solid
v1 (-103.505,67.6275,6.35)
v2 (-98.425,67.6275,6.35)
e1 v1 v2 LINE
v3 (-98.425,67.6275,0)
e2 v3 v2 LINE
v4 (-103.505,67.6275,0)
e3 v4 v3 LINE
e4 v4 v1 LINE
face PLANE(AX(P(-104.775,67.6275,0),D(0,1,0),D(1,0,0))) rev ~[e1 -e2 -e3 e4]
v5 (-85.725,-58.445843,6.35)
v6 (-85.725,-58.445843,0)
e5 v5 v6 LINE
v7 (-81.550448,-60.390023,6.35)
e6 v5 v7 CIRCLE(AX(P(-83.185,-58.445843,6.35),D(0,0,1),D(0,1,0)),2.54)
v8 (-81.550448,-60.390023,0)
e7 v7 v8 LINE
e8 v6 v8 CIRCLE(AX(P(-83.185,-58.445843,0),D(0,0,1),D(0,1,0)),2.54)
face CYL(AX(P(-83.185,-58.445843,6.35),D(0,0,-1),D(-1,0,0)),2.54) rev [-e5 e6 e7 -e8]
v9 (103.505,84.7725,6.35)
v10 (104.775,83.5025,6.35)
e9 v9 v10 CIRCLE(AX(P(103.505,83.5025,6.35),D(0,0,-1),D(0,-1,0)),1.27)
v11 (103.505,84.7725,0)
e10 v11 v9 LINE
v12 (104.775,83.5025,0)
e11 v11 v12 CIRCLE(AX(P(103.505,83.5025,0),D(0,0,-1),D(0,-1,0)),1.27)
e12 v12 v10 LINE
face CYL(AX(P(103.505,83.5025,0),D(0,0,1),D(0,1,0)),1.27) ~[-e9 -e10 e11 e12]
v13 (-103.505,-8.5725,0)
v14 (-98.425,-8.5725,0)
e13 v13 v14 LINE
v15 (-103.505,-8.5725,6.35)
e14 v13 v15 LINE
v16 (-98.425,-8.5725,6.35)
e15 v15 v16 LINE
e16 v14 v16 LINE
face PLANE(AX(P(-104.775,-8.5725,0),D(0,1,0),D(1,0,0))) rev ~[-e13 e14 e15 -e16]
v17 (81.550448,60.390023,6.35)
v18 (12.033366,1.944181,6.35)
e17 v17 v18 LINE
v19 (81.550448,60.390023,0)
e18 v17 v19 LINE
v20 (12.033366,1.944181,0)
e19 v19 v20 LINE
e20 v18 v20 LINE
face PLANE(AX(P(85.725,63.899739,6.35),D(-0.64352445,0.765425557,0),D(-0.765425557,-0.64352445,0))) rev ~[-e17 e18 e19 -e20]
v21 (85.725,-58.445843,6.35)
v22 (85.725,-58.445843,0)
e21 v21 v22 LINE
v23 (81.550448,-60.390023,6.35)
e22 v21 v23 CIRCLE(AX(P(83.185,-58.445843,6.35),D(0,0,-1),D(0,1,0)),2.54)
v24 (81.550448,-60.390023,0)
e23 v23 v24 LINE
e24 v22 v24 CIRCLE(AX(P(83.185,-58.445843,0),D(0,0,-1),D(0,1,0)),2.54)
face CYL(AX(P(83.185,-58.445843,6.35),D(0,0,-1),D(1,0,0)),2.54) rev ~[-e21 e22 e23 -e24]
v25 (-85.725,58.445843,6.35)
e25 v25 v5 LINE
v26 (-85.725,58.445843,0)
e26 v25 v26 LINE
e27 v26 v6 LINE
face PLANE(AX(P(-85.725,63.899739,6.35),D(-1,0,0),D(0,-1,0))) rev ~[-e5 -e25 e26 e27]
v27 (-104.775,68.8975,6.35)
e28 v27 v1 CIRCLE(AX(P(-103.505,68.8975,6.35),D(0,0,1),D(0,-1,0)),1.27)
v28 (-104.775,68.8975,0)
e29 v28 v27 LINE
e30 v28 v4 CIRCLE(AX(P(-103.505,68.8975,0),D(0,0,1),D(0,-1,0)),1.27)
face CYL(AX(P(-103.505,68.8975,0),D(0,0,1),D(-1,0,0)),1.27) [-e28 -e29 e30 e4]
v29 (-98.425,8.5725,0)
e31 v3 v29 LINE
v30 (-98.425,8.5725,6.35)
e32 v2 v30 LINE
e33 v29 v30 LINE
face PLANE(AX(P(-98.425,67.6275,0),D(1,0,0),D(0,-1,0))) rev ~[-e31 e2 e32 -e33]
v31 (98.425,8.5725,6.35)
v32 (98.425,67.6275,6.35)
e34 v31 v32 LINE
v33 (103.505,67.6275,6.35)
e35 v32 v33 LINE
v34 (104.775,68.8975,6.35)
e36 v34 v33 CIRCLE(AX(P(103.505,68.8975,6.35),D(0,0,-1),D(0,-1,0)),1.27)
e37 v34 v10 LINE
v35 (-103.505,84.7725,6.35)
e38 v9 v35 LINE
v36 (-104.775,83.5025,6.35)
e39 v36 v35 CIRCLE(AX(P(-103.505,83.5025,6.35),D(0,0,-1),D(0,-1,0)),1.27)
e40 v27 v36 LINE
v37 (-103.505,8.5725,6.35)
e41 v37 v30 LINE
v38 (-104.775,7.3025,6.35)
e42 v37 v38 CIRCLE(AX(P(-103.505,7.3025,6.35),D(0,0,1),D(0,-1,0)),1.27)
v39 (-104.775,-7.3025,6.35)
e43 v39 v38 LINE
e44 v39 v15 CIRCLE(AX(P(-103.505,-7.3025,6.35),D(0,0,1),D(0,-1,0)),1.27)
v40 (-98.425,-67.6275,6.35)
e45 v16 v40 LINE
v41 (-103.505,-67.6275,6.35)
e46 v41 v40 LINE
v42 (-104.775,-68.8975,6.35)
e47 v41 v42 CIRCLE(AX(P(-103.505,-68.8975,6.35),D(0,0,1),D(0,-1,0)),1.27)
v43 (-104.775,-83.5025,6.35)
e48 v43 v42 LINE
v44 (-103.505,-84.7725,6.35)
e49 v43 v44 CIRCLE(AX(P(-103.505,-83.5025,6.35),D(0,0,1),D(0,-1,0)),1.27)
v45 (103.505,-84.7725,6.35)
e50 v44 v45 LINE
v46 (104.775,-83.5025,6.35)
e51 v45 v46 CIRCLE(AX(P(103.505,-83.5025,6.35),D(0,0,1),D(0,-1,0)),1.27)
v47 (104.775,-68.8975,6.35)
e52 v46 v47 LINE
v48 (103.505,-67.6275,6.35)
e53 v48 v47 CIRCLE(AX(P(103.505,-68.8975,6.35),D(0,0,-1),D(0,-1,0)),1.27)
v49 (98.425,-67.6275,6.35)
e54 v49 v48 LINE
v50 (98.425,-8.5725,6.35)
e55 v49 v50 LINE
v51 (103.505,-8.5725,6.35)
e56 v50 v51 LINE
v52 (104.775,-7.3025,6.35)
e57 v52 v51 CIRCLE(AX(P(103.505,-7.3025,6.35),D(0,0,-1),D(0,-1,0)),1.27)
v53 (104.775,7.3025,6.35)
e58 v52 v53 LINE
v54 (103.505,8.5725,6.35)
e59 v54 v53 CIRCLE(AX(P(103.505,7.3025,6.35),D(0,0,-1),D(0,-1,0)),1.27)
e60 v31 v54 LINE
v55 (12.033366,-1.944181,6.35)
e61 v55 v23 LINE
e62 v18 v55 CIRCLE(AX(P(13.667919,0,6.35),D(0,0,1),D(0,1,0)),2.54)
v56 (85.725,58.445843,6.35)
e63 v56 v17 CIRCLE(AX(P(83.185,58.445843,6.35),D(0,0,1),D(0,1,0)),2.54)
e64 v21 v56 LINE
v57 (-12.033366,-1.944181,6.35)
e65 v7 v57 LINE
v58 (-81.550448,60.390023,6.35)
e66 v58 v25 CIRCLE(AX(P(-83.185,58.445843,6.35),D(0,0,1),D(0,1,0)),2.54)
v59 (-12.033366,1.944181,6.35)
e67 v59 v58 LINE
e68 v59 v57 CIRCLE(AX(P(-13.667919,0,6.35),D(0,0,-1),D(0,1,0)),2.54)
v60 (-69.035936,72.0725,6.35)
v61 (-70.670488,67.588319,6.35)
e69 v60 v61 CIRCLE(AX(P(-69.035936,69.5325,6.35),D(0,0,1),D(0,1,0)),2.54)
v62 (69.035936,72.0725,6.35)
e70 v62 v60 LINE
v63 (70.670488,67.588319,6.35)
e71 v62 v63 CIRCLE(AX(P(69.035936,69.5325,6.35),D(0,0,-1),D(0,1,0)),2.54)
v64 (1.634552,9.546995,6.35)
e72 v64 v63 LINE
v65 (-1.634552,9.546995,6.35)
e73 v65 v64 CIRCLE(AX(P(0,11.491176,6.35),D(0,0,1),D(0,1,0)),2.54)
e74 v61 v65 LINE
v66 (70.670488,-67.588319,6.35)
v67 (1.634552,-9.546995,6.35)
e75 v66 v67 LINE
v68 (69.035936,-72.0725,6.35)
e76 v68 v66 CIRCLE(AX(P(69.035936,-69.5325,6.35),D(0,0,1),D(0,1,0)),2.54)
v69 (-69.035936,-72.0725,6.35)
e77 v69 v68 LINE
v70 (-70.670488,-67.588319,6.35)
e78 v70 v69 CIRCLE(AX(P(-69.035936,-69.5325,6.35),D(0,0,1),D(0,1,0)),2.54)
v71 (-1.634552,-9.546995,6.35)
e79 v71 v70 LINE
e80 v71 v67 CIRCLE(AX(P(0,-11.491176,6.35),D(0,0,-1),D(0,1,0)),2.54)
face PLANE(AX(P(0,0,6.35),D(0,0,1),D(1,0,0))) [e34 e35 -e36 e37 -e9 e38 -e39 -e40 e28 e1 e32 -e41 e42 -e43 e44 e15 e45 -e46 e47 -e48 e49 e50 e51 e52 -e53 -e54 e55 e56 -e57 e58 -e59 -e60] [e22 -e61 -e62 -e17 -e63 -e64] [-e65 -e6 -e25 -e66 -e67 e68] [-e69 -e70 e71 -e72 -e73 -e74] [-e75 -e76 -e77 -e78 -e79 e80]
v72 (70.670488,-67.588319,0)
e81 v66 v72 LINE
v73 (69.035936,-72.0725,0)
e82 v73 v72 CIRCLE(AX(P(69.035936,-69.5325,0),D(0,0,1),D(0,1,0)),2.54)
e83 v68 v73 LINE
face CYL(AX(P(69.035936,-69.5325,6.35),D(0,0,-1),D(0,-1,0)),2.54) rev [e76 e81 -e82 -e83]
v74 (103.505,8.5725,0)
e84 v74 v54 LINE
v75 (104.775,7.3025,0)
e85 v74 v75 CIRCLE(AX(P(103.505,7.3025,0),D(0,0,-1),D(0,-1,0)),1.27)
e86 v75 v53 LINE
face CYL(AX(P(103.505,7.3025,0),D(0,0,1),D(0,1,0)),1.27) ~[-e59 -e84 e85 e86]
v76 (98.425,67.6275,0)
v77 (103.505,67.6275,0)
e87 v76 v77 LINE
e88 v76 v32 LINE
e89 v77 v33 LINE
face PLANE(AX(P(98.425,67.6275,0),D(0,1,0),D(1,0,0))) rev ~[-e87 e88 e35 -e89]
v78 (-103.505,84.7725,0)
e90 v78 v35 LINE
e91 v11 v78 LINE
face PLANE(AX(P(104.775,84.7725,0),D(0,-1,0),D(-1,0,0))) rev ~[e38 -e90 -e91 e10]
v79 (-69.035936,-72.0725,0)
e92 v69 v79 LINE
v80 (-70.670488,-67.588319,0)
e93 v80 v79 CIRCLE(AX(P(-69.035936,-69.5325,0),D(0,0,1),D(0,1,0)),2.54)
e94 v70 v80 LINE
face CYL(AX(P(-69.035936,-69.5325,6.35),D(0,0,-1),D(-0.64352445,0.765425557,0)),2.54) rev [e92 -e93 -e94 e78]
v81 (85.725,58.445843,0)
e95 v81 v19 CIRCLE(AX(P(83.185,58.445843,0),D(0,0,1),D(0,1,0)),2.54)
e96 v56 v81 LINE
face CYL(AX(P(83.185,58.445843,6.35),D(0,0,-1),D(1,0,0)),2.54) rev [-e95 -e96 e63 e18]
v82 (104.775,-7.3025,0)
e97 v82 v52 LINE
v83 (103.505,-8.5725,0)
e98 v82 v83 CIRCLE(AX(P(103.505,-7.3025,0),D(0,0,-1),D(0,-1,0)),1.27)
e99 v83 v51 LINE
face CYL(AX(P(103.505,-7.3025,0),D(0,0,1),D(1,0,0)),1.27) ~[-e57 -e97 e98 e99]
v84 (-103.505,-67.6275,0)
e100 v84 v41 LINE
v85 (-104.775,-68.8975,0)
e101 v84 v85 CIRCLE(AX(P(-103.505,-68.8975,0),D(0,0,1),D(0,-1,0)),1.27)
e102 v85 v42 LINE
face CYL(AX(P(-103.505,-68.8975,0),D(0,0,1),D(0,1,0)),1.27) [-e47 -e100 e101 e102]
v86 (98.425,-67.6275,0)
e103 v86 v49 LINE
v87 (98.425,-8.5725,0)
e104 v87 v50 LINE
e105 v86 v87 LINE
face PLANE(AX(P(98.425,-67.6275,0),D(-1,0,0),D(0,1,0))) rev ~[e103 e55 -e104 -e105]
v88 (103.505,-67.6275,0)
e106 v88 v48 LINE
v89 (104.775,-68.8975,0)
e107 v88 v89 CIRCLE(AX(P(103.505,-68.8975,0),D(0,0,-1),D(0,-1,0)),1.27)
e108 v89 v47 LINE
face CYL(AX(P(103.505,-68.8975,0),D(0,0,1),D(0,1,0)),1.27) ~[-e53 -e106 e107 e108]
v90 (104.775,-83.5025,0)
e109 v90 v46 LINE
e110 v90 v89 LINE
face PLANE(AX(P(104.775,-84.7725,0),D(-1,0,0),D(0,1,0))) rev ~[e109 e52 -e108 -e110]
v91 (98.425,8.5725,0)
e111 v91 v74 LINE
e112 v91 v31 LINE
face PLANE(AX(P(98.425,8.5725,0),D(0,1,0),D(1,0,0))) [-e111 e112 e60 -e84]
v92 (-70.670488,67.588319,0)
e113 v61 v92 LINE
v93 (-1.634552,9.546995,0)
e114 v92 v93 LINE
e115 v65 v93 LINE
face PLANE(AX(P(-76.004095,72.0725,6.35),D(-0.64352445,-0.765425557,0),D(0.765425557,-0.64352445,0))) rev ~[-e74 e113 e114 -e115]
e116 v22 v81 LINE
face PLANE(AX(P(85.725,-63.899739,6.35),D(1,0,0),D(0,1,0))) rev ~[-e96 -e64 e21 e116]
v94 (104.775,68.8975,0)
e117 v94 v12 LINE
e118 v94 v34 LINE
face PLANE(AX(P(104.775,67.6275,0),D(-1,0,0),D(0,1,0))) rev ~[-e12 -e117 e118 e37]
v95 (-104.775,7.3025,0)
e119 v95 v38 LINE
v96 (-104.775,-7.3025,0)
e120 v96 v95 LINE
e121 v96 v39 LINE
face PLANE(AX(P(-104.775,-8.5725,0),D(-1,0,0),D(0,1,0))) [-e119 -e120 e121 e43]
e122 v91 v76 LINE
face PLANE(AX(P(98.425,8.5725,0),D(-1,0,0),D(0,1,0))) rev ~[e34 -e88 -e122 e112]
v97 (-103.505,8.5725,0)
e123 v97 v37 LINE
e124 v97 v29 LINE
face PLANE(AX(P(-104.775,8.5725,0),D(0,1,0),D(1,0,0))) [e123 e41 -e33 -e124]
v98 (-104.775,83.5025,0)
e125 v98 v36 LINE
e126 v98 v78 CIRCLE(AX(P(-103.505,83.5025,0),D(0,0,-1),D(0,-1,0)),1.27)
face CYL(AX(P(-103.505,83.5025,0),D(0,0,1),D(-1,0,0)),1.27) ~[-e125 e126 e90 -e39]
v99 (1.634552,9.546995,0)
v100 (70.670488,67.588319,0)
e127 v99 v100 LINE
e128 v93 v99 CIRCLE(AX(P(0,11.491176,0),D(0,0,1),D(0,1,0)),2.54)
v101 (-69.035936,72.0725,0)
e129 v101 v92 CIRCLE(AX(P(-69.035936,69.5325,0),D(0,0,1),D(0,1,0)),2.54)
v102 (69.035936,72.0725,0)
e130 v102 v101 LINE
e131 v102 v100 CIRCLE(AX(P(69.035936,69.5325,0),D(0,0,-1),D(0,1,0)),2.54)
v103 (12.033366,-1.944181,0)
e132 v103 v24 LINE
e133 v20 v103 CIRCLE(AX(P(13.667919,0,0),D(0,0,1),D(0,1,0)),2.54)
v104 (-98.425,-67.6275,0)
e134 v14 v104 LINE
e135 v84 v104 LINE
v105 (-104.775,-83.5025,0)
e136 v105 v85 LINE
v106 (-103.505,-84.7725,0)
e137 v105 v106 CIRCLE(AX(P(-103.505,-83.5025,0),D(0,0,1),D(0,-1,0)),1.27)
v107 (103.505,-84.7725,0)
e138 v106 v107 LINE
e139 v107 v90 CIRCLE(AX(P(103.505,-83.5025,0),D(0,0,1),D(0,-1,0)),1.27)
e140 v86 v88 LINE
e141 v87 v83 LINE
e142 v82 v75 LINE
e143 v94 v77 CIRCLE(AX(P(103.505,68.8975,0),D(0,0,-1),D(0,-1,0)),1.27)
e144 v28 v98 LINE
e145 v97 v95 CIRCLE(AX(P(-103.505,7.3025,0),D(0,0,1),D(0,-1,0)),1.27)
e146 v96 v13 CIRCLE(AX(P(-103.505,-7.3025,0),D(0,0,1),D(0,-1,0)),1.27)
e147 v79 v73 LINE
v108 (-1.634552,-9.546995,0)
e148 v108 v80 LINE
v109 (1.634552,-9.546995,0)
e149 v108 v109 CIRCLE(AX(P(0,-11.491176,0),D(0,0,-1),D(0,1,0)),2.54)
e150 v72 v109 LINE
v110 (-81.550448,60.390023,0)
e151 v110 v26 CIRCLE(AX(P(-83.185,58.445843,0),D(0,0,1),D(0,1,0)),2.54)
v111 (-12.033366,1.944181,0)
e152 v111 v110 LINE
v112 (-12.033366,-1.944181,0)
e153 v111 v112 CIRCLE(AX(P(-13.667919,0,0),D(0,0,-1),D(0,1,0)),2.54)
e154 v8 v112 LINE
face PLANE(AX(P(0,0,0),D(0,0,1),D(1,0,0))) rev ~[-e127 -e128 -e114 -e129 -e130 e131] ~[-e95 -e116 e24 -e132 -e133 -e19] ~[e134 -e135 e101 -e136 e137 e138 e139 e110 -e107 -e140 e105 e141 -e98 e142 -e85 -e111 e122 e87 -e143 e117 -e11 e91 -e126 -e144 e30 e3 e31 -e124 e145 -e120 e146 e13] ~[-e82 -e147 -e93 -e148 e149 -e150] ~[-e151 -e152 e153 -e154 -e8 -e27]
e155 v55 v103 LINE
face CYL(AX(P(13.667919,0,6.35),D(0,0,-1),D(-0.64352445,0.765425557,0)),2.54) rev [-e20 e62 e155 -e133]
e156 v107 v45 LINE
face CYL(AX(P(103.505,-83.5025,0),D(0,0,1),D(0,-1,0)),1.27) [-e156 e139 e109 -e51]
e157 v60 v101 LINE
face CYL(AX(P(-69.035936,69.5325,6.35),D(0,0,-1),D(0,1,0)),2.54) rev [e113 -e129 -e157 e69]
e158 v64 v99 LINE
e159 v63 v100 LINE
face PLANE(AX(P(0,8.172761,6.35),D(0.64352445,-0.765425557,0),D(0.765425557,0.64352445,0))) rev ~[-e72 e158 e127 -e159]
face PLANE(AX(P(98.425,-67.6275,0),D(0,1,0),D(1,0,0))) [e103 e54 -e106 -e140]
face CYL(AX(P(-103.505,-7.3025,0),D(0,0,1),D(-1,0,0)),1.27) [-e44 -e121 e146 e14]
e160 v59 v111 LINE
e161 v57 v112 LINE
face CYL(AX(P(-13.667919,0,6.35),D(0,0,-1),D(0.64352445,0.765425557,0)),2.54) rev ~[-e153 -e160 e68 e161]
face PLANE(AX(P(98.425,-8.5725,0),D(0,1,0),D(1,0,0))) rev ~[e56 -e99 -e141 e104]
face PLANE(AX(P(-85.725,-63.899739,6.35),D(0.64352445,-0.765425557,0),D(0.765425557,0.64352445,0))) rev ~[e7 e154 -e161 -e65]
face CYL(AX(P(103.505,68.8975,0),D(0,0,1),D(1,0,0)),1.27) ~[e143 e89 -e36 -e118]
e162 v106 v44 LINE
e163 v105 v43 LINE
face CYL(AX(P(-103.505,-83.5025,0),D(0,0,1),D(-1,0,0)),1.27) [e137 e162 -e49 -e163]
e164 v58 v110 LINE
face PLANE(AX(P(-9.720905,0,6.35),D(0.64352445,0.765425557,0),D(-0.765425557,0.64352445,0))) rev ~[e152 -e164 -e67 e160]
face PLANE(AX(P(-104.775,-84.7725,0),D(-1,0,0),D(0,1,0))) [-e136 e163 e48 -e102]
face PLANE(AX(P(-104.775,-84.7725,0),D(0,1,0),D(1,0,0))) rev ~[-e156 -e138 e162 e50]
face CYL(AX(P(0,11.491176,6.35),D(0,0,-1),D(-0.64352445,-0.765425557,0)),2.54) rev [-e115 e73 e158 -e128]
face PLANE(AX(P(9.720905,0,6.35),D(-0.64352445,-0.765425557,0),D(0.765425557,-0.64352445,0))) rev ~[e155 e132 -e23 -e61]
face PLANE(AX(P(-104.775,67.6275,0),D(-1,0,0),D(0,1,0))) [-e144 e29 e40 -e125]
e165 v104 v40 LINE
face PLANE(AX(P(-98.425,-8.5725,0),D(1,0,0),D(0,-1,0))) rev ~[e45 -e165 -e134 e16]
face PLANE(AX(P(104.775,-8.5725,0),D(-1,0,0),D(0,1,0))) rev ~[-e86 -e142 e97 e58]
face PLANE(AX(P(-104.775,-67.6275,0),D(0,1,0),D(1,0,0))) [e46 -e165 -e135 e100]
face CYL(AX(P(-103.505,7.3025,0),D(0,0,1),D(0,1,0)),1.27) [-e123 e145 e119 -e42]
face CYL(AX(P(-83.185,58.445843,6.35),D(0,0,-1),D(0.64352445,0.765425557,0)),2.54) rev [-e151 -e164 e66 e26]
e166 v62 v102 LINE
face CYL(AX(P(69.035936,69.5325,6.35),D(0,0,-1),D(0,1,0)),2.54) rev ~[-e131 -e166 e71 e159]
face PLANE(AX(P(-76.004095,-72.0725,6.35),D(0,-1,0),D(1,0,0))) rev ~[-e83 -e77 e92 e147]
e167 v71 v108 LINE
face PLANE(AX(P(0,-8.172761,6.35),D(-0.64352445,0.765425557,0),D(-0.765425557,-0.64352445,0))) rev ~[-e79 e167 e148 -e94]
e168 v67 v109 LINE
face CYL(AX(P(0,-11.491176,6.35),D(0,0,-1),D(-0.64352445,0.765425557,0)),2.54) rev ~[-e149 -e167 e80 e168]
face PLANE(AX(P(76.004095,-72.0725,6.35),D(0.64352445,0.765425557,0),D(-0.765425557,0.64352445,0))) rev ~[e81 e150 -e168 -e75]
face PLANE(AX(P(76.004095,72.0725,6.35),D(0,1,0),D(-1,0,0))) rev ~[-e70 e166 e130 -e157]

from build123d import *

# Parameters (mm, degrees)
SKETCH2_W           = 6.35
SKETCH2_H           = 17.145
BOSS_EXTRUDE1_DEPTH = 6.35
CUT_EXTRUDE1_DEPTH  = 135.924052271
FILLET1_R           = 2.54
FILLET2_R           = 1.27


with BuildPart() as part:
    # Sketch2 → Boss-Extrude1 (new body)
    with BuildSketch(Plane.XY):
        Polygon((98.425, 84.7725), (-98.425, 84.7725), (-98.425, 67.6275), (-98.425, 8.5725), (-98.425, -8.5725), (-98.425, -67.6275), (-98.425, -84.7725), (98.425, -84.7725), (98.425, -67.6275), (98.425, -8.5725), (98.425, 8.5725), (98.425, 67.6275), align=None)
        with Locations((-101.6, 76.2)):
            Rectangle(SKETCH2_W, SKETCH2_H)
        with Locations((-101.6, 0)):
            Rectangle(SKETCH2_W, SKETCH2_H)
        with Locations((101.6, 76.2)):
            Rectangle(SKETCH2_W, SKETCH2_H)
        with Locations((101.6, 0)):
            Rectangle(SKETCH2_W, SKETCH2_H)
        with Locations((101.6, -76.2)):
            Rectangle(SKETCH2_W, SKETCH2_H)
        with Locations((-101.6, -76.2)):
            Rectangle(SKETCH2_W, SKETCH2_H)
    extrude(amount=BOSS_EXTRUDE1_DEPTH)

    # Sketch3 → Cut-Extrude1 (cut, through all)
    with BuildSketch(Plane.XY.offset(6.35)):
        Polygon((-9.72090457, 0), (-85.725, 63.899739491), (-85.725, -63.899739491), align=None)
        Polygon((76.00409543, 72.0725), (-76.00409543, 72.0725), (0, 8.172760509), align=None)
        Polygon((85.725, -63.899739491), (85.725, 63.899739491), (9.72090457, 0), align=None)
        Polygon((0, -8.172760509), (-76.00409543, -72.0725), (76.00409543, -72.0725), align=None)
    extrude(amount=-CUT_EXTRUDE1_DEPTH, mode=Mode.SUBTRACT)

    # Fillet1
    fillet1_edges = [part.edges().sort_by_distance(p)[0] for p in [
        (85.725, 63.899739491, 3.175),
        (85.725, -63.899739491, 3.175),
        (9.72090457, 0, 3.175),
        (76.00409543, 72.0725, 3.175),
        (0, 8.172760509, 3.175),
        (-76.00409543, 72.0725, 3.175),
        (0, -8.172760509, 3.175),
        (76.00409543, -72.0725, 3.175),
        (-76.00409543, -72.0725, 3.175),
        (-9.72090457, 0, 3.175),
        (-85.725, -63.899739491, 3.175),
        (-85.725, 63.899739491, 3.175),
    ]]
    fillet(fillet1_edges, radius=FILLET1_R)

    # Fillet2
    fillet2_edges = [part.edges().sort_by_distance(p)[0] for p in [
        (104.775, 8.5725, 3.175),
        (104.775, -8.5725, 3.175),
        (104.775, -67.6275, 3.175),
        (104.775, -84.7725, 3.175),
        (-104.775, -8.5725, 3.175),
        (-104.775, 8.5725, 3.175),
        (-104.775, 67.6275, 3.175),
        (-104.775, 84.7725, 3.175),
        (104.775, 84.7725, 3.175),
        (104.775, 67.6275, 3.175),
        (-104.775, -67.6275, 3.175),
        (-104.775, -84.7725, 3.175),
    ]]
    fillet(fillet2_edges, radius=FILLET2_R)


solid = part.part
